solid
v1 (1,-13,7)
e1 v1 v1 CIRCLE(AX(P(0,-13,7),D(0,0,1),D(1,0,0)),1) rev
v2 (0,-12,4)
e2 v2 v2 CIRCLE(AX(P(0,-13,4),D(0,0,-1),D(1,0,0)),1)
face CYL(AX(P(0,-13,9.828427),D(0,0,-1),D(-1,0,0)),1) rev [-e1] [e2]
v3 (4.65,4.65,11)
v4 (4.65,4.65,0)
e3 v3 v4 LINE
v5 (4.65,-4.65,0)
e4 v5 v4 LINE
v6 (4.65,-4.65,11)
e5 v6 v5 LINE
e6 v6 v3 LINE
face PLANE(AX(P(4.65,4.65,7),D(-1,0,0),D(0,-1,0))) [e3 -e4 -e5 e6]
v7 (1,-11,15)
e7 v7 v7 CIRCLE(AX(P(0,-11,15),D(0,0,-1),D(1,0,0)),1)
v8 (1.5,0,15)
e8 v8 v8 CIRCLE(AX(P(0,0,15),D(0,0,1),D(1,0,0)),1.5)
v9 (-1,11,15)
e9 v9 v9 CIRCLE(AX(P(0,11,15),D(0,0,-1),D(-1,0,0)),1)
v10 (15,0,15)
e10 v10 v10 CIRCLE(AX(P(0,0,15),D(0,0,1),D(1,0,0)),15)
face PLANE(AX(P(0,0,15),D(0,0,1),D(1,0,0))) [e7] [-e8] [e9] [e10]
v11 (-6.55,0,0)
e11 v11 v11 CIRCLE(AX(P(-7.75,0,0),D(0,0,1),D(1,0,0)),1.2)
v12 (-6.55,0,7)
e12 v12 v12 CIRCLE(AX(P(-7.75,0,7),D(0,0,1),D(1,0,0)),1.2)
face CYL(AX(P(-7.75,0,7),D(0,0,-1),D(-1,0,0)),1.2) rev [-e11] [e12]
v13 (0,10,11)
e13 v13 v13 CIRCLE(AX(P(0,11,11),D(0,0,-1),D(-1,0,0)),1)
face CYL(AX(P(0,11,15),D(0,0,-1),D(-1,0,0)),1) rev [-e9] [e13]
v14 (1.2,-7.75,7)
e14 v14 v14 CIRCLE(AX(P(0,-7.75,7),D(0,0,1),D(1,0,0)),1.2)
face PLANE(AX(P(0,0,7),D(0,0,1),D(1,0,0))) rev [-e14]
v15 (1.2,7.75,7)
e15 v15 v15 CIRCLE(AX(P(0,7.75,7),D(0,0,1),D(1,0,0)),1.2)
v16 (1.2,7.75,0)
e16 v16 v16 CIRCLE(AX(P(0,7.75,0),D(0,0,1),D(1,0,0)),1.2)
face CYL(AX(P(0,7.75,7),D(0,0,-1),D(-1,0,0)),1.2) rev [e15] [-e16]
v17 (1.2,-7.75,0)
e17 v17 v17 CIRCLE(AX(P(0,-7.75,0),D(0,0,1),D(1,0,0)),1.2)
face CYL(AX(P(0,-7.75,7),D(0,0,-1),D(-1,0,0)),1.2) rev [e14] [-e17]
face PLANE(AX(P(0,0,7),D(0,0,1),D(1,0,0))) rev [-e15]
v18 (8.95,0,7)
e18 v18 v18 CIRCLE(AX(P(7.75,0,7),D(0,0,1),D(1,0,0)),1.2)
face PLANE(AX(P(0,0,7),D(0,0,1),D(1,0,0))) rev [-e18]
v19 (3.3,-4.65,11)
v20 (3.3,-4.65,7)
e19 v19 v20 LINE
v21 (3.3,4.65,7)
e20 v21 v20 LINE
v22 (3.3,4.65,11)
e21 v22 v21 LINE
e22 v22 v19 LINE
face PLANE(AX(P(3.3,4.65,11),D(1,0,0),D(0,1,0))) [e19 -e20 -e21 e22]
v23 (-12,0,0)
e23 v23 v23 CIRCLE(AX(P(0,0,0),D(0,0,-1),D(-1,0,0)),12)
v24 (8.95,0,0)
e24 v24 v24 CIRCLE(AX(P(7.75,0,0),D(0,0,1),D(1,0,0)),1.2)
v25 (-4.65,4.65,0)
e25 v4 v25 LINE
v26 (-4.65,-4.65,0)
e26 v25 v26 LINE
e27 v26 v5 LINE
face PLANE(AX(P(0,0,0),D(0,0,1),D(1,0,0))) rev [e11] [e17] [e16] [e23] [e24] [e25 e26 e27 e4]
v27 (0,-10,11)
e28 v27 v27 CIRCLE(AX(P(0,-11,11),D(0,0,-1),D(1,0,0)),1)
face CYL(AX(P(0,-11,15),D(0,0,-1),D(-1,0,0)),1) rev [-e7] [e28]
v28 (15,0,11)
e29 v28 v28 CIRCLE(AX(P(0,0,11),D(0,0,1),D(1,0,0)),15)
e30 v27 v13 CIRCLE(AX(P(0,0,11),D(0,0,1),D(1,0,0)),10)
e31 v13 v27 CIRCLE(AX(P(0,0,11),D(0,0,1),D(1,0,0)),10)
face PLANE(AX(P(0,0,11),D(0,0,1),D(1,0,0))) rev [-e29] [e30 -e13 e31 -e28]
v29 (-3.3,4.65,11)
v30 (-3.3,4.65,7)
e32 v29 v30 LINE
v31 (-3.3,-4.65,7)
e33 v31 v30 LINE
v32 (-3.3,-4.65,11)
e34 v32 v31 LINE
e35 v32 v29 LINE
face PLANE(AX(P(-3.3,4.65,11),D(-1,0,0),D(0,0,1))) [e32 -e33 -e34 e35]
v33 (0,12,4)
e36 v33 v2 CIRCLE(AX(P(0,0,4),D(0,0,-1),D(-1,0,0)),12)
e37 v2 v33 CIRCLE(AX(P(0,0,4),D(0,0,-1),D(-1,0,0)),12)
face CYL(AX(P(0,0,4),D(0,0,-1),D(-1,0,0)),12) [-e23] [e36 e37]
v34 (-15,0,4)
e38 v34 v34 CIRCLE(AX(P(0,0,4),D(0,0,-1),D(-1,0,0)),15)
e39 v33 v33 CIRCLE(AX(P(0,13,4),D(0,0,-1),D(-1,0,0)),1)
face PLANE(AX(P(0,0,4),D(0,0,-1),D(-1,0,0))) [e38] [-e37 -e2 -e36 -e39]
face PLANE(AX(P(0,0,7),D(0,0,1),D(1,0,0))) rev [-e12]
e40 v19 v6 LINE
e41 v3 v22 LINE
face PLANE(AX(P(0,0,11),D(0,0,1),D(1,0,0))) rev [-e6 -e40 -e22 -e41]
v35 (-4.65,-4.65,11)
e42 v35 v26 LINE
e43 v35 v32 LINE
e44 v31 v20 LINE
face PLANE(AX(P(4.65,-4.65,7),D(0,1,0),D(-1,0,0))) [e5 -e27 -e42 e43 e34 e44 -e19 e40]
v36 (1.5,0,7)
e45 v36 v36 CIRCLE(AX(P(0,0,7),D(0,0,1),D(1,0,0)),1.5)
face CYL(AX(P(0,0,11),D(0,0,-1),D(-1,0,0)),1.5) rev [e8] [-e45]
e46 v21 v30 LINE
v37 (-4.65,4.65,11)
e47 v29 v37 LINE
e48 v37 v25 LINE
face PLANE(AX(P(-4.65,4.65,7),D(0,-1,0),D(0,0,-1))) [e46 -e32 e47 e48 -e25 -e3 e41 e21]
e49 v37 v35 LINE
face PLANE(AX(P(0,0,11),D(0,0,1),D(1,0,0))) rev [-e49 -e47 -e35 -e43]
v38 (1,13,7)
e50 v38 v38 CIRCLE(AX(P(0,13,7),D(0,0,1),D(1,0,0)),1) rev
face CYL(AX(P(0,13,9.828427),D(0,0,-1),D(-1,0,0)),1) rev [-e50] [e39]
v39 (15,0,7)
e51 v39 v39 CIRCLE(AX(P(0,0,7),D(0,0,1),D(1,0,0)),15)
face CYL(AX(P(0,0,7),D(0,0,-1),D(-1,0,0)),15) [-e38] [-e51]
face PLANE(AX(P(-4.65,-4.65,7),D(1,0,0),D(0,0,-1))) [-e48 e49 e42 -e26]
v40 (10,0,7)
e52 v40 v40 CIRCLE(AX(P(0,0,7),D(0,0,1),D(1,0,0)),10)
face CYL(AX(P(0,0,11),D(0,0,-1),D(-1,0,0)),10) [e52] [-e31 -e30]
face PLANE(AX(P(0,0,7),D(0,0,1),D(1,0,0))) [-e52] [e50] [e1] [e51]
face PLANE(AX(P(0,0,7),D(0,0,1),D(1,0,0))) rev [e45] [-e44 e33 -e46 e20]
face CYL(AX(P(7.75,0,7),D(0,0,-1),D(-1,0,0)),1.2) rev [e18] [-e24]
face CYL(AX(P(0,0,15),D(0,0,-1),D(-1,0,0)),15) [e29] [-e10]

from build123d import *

# Parameters (mm, degrees)
SKETCH1_R           = 15
SKETCH1_R_2         = 1.2
SKETCH1_W           = 9.3
SKETCH1_H           = 9.3
BOSS_EXTRUDE1_DEPTH = 7
SKETCH2_R           = 10
SKETCH2_R_2         = 1.5
SKETCH2_W           = 1.35
SKETCH2_H           = 9.3
BOSS_EXTRUDE2_DEPTH = 4
SKETCH3_R           = 15
SKETCH3_R_2         = 1.5
BOSS_EXTRUDE3_DEPTH = 4
SKETCH4_R           = 15
SKETCH4_R_2         = 12
CUT_EXTRUDE1_DEPTH  = 4
SKETCH5_R           = 1
CUT_EXTRUDE2_DEPTH  = 3
SKETCH6_R           = 1
CUT_EXTRUDE5_DEPTH  = 5


with BuildPart() as part:
    # Sketch1 → Boss-Extrude1 (new body)
    with BuildSketch(Plane.XY):
        Circle(SKETCH1_R)
        with Locations((0, 7.75)):
            Circle(SKETCH1_R_2, mode=Mode.SUBTRACT)
        with Locations((7.75, 0)):
            Circle(SKETCH1_R_2, mode=Mode.SUBTRACT)
        with Locations((0, -7.75)):
            Circle(SKETCH1_R_2, mode=Mode.SUBTRACT)
        with Locations((-7.75, 0)):
            Circle(SKETCH1_R_2, mode=Mode.SUBTRACT)
        Rectangle(SKETCH1_W, SKETCH1_H, mode=Mode.SUBTRACT)
    extrude(amount=BOSS_EXTRUDE1_DEPTH)

    # Sketch2 → Boss-Extrude2 (add)
    with BuildSketch(Plane.XY.offset(7)):
        Circle(SKETCH2_R)
        Circle(SKETCH2_R_2, mode=Mode.SUBTRACT)
        with Locations((-3.975, 0)):
            Rectangle(SKETCH2_W, SKETCH2_H, mode=Mode.SUBTRACT)
        with Locations((3.975, 0)):
            Rectangle(SKETCH2_W, SKETCH2_H, mode=Mode.SUBTRACT)
    extrude(amount=BOSS_EXTRUDE2_DEPTH)

    # Sketch3 → Boss-Extrude3 (add)
    with BuildSketch(Plane.XY.offset(11)):
        Circle(SKETCH3_R)
        Circle(SKETCH3_R_2, mode=Mode.SUBTRACT)
    extrude(amount=BOSS_EXTRUDE3_DEPTH)

    # Sketch4 → Cut-Extrude1 (cut)
    with BuildSketch(Plane(origin=(0, 0, 0), x_dir=(-1, 0, 0), z_dir=(0, 0, -1))):
        Circle(SKETCH4_R)
        Circle(SKETCH4_R_2, mode=Mode.SUBTRACT)
    extrude(amount=-CUT_EXTRUDE1_DEPTH, mode=Mode.SUBTRACT)

    # Sketch5 → Cut-Extrude2 (cut)
    with BuildSketch(Plane(origin=(0, 0, 4), x_dir=(-1, 0, 0), z_dir=(0, 0, -1))):
        with Locations((0, 13)):
            Circle(SKETCH5_R)
        with Locations((0, -13)):
            Circle(SKETCH5_R)
    extrude(amount=-CUT_EXTRUDE2_DEPTH, mode=Mode.SUBTRACT)

    # Sketch6 → Cut-Extrude5 (cut, through all)
    with BuildSketch(Plane(origin=(0, 0, 11), x_dir=(-1, 0, 0), z_dir=(0, 0, -1))):
        with Locations((0, 11)):
            Circle(SKETCH6_R)
        with Locations((0, -11)):
            Circle(SKETCH6_R)
    extrude(amount=-CUT_EXTRUDE5_DEPTH, mode=Mode.SUBTRACT)


solid = part.part
